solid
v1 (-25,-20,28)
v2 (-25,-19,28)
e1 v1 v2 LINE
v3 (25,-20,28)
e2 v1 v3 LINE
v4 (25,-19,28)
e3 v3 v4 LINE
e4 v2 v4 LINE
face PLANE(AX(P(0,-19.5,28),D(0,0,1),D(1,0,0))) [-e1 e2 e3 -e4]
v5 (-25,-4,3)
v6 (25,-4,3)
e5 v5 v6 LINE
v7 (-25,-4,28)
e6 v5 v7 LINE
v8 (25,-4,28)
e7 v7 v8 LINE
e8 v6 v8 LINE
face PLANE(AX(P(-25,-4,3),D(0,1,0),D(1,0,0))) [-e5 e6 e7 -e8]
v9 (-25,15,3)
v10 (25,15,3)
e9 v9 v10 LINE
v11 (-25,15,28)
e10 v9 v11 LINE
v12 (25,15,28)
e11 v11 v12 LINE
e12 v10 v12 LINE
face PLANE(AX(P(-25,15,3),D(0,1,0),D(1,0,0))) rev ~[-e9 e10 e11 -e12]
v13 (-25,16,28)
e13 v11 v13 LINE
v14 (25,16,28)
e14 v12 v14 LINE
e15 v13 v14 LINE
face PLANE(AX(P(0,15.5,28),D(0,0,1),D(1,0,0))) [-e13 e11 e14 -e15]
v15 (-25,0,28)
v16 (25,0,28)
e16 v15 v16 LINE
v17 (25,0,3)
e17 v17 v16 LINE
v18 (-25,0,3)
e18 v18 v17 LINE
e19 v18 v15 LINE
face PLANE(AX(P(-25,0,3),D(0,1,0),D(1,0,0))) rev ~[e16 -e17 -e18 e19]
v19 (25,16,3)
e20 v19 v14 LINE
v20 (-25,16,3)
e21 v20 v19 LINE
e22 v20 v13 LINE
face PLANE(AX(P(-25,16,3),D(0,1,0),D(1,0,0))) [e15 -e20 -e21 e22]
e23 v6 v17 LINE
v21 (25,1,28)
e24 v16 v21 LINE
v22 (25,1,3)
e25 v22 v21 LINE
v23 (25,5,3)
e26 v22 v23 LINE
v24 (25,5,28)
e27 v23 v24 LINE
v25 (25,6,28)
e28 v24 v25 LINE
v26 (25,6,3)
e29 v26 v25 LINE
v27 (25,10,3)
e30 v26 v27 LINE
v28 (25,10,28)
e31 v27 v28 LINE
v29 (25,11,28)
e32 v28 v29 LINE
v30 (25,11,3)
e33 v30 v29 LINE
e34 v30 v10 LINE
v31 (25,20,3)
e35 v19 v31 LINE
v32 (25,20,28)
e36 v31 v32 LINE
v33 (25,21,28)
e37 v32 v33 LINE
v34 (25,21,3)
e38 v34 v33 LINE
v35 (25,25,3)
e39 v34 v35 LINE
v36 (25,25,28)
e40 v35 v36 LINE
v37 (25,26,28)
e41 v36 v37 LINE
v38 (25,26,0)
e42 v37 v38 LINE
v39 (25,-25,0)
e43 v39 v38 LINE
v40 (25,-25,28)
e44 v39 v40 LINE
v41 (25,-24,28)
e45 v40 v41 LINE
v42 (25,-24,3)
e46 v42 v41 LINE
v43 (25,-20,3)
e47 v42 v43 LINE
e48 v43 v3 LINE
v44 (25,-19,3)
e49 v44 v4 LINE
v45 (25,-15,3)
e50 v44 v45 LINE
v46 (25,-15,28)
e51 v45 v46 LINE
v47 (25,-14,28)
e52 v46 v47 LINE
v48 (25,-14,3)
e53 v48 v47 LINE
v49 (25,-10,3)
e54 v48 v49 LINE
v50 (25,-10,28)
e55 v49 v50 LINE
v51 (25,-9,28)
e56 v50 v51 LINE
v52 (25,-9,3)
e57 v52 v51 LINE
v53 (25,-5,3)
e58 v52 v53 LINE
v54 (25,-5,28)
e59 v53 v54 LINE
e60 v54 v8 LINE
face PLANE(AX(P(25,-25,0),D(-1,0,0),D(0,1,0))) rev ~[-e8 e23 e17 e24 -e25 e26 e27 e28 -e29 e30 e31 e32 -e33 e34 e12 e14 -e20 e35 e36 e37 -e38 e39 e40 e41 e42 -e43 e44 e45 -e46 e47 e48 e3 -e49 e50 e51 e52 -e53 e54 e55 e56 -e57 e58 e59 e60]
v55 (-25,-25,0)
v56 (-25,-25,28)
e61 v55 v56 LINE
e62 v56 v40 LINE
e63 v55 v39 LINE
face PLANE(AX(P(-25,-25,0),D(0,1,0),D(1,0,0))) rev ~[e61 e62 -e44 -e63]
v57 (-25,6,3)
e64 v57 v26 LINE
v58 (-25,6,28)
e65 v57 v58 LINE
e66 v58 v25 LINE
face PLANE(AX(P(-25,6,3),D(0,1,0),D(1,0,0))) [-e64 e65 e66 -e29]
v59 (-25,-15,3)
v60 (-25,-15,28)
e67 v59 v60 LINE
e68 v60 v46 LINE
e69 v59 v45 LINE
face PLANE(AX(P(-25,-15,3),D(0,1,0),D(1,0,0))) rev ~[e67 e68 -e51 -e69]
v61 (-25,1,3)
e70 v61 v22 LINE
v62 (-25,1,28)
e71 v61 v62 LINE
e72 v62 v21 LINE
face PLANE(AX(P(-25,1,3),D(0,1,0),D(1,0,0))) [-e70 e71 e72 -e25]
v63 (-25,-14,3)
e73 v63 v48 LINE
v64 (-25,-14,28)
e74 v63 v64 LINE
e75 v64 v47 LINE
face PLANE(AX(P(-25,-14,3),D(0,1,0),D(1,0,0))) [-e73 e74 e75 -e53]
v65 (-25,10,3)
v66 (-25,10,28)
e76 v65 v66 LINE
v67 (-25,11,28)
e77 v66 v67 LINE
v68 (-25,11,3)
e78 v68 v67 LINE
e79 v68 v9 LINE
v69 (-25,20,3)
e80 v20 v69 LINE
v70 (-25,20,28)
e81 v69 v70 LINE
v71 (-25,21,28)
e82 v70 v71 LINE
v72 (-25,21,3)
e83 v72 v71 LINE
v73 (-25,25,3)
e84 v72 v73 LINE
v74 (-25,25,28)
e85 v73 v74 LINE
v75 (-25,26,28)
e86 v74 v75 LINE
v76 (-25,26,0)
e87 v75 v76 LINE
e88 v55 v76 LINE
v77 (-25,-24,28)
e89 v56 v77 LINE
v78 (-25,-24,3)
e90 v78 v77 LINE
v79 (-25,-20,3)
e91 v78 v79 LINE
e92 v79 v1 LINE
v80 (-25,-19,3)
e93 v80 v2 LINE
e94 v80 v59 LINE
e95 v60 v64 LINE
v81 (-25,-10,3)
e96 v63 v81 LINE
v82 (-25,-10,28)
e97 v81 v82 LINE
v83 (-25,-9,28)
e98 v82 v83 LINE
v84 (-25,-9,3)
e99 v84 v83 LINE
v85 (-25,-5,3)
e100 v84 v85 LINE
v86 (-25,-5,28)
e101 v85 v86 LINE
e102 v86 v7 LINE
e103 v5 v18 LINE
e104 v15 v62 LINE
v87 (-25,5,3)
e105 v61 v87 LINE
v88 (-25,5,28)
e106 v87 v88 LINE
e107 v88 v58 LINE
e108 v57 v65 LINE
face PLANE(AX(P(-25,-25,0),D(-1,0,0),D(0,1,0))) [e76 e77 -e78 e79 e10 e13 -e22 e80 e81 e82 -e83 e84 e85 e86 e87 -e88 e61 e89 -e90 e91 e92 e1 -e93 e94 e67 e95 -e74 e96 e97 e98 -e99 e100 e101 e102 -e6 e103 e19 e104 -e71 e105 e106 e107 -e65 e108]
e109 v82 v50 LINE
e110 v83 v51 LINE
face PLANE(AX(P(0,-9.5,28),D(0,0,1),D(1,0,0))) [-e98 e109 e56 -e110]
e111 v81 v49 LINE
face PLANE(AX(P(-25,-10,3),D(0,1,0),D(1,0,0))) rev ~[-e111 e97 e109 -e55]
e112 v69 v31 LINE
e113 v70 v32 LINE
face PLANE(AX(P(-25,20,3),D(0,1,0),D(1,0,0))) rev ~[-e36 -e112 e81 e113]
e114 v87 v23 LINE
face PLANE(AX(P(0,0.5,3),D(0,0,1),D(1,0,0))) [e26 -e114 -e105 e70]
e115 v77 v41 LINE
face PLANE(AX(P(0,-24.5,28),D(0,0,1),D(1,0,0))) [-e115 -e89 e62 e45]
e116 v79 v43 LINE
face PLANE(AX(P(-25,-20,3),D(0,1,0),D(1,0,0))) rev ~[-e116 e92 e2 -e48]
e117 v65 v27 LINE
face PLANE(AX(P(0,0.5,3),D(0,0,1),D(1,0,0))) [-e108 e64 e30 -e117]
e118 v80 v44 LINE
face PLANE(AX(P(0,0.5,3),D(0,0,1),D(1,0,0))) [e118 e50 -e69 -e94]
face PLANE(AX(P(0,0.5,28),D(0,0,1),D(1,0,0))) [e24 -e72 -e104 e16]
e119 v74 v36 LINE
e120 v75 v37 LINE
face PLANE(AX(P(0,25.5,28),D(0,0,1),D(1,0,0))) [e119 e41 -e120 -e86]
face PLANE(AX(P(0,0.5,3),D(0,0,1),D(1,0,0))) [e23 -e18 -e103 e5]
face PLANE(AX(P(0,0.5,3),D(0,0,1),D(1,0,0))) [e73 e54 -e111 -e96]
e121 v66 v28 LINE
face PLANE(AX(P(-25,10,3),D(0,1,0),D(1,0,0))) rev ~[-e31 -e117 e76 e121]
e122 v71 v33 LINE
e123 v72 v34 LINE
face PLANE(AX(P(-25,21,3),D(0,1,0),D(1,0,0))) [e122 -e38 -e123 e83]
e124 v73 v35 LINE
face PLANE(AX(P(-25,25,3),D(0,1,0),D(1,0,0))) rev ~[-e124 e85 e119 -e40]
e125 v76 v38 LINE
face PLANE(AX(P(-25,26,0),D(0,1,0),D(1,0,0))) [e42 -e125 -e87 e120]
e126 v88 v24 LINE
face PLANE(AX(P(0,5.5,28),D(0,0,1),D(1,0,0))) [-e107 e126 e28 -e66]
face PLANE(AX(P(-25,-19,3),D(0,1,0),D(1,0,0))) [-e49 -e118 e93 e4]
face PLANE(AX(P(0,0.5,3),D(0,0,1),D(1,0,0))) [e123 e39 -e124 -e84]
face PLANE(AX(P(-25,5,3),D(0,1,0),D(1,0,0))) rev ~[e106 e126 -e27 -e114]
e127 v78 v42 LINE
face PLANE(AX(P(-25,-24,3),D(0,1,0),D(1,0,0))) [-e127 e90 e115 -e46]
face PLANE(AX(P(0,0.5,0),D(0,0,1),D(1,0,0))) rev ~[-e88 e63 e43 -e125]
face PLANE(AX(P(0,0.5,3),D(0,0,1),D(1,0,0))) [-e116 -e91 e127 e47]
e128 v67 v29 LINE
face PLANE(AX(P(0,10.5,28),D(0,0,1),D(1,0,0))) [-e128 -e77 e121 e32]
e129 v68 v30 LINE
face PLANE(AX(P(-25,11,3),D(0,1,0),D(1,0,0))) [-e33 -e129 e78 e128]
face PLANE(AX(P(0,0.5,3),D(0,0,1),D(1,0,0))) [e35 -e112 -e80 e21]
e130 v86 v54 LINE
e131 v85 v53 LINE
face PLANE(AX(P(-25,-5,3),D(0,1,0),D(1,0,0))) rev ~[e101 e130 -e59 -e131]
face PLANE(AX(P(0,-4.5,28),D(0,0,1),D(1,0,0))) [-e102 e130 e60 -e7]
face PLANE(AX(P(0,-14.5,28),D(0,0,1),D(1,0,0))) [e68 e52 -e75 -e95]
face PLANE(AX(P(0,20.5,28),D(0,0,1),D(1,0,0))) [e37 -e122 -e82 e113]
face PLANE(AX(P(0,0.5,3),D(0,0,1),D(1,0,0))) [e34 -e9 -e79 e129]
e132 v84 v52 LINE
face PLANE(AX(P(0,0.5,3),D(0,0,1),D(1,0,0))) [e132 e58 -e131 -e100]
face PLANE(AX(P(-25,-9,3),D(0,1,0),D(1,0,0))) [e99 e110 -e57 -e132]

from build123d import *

# Parameters (mm, degrees)
CYLINDER_R     = 10
CYLINDER_DEPTH = 2
BOX_W          = 50
BOX_H          = 51
BOX_DEPTH      = 3
BOX001_W       = 50
BOX001_H       = 1
BOX001_DEPTH   = 25
ARRAY_Y_COUNT  = 11
ARRAY_Y_PITCH  = 5


with BuildPart() as cylinder:
    # Cylinder → Cylinder (new body)
    with BuildSketch(Plane.XY):
        Circle(CYLINDER_R)
    extrude(amount=CYLINDER_DEPTH)


with BuildPart() as cube:
    # Box → Box (new body)
    with BuildSketch(Plane(origin=(-25, -25, 0), x_dir=(1, 0, 0), z_dir=(0, 0, 1))):
        with Locations((25, 25.5)):
            Rectangle(BOX_W, BOX_H)
    extrude(amount=BOX_DEPTH)


with BuildPart() as fusion:
    # Box001 → Box001 (new body)
    with BuildSketch(Plane(origin=(-25, -25, 3), x_dir=(1, 0, 0), z_dir=(0, 0, 1))):
        with Locations((25, 0.5)):
            Rectangle(BOX001_W, BOX001_H)
    extrude(amount=BOX001_DEPTH)

    # Array Y: Fusion ×11


with BuildPart() as fusion_1:
    add(fusion.part)
    with Locations(*[(0, i * ARRAY_Y_PITCH, 0) for i in range(1, ARRAY_Y_COUNT)]):
        add(fusion.part)

    # Fusion: union Cylinder, Cube
    add(cylinder.part)
    add(cube.part)


solid = fusion_1.part
